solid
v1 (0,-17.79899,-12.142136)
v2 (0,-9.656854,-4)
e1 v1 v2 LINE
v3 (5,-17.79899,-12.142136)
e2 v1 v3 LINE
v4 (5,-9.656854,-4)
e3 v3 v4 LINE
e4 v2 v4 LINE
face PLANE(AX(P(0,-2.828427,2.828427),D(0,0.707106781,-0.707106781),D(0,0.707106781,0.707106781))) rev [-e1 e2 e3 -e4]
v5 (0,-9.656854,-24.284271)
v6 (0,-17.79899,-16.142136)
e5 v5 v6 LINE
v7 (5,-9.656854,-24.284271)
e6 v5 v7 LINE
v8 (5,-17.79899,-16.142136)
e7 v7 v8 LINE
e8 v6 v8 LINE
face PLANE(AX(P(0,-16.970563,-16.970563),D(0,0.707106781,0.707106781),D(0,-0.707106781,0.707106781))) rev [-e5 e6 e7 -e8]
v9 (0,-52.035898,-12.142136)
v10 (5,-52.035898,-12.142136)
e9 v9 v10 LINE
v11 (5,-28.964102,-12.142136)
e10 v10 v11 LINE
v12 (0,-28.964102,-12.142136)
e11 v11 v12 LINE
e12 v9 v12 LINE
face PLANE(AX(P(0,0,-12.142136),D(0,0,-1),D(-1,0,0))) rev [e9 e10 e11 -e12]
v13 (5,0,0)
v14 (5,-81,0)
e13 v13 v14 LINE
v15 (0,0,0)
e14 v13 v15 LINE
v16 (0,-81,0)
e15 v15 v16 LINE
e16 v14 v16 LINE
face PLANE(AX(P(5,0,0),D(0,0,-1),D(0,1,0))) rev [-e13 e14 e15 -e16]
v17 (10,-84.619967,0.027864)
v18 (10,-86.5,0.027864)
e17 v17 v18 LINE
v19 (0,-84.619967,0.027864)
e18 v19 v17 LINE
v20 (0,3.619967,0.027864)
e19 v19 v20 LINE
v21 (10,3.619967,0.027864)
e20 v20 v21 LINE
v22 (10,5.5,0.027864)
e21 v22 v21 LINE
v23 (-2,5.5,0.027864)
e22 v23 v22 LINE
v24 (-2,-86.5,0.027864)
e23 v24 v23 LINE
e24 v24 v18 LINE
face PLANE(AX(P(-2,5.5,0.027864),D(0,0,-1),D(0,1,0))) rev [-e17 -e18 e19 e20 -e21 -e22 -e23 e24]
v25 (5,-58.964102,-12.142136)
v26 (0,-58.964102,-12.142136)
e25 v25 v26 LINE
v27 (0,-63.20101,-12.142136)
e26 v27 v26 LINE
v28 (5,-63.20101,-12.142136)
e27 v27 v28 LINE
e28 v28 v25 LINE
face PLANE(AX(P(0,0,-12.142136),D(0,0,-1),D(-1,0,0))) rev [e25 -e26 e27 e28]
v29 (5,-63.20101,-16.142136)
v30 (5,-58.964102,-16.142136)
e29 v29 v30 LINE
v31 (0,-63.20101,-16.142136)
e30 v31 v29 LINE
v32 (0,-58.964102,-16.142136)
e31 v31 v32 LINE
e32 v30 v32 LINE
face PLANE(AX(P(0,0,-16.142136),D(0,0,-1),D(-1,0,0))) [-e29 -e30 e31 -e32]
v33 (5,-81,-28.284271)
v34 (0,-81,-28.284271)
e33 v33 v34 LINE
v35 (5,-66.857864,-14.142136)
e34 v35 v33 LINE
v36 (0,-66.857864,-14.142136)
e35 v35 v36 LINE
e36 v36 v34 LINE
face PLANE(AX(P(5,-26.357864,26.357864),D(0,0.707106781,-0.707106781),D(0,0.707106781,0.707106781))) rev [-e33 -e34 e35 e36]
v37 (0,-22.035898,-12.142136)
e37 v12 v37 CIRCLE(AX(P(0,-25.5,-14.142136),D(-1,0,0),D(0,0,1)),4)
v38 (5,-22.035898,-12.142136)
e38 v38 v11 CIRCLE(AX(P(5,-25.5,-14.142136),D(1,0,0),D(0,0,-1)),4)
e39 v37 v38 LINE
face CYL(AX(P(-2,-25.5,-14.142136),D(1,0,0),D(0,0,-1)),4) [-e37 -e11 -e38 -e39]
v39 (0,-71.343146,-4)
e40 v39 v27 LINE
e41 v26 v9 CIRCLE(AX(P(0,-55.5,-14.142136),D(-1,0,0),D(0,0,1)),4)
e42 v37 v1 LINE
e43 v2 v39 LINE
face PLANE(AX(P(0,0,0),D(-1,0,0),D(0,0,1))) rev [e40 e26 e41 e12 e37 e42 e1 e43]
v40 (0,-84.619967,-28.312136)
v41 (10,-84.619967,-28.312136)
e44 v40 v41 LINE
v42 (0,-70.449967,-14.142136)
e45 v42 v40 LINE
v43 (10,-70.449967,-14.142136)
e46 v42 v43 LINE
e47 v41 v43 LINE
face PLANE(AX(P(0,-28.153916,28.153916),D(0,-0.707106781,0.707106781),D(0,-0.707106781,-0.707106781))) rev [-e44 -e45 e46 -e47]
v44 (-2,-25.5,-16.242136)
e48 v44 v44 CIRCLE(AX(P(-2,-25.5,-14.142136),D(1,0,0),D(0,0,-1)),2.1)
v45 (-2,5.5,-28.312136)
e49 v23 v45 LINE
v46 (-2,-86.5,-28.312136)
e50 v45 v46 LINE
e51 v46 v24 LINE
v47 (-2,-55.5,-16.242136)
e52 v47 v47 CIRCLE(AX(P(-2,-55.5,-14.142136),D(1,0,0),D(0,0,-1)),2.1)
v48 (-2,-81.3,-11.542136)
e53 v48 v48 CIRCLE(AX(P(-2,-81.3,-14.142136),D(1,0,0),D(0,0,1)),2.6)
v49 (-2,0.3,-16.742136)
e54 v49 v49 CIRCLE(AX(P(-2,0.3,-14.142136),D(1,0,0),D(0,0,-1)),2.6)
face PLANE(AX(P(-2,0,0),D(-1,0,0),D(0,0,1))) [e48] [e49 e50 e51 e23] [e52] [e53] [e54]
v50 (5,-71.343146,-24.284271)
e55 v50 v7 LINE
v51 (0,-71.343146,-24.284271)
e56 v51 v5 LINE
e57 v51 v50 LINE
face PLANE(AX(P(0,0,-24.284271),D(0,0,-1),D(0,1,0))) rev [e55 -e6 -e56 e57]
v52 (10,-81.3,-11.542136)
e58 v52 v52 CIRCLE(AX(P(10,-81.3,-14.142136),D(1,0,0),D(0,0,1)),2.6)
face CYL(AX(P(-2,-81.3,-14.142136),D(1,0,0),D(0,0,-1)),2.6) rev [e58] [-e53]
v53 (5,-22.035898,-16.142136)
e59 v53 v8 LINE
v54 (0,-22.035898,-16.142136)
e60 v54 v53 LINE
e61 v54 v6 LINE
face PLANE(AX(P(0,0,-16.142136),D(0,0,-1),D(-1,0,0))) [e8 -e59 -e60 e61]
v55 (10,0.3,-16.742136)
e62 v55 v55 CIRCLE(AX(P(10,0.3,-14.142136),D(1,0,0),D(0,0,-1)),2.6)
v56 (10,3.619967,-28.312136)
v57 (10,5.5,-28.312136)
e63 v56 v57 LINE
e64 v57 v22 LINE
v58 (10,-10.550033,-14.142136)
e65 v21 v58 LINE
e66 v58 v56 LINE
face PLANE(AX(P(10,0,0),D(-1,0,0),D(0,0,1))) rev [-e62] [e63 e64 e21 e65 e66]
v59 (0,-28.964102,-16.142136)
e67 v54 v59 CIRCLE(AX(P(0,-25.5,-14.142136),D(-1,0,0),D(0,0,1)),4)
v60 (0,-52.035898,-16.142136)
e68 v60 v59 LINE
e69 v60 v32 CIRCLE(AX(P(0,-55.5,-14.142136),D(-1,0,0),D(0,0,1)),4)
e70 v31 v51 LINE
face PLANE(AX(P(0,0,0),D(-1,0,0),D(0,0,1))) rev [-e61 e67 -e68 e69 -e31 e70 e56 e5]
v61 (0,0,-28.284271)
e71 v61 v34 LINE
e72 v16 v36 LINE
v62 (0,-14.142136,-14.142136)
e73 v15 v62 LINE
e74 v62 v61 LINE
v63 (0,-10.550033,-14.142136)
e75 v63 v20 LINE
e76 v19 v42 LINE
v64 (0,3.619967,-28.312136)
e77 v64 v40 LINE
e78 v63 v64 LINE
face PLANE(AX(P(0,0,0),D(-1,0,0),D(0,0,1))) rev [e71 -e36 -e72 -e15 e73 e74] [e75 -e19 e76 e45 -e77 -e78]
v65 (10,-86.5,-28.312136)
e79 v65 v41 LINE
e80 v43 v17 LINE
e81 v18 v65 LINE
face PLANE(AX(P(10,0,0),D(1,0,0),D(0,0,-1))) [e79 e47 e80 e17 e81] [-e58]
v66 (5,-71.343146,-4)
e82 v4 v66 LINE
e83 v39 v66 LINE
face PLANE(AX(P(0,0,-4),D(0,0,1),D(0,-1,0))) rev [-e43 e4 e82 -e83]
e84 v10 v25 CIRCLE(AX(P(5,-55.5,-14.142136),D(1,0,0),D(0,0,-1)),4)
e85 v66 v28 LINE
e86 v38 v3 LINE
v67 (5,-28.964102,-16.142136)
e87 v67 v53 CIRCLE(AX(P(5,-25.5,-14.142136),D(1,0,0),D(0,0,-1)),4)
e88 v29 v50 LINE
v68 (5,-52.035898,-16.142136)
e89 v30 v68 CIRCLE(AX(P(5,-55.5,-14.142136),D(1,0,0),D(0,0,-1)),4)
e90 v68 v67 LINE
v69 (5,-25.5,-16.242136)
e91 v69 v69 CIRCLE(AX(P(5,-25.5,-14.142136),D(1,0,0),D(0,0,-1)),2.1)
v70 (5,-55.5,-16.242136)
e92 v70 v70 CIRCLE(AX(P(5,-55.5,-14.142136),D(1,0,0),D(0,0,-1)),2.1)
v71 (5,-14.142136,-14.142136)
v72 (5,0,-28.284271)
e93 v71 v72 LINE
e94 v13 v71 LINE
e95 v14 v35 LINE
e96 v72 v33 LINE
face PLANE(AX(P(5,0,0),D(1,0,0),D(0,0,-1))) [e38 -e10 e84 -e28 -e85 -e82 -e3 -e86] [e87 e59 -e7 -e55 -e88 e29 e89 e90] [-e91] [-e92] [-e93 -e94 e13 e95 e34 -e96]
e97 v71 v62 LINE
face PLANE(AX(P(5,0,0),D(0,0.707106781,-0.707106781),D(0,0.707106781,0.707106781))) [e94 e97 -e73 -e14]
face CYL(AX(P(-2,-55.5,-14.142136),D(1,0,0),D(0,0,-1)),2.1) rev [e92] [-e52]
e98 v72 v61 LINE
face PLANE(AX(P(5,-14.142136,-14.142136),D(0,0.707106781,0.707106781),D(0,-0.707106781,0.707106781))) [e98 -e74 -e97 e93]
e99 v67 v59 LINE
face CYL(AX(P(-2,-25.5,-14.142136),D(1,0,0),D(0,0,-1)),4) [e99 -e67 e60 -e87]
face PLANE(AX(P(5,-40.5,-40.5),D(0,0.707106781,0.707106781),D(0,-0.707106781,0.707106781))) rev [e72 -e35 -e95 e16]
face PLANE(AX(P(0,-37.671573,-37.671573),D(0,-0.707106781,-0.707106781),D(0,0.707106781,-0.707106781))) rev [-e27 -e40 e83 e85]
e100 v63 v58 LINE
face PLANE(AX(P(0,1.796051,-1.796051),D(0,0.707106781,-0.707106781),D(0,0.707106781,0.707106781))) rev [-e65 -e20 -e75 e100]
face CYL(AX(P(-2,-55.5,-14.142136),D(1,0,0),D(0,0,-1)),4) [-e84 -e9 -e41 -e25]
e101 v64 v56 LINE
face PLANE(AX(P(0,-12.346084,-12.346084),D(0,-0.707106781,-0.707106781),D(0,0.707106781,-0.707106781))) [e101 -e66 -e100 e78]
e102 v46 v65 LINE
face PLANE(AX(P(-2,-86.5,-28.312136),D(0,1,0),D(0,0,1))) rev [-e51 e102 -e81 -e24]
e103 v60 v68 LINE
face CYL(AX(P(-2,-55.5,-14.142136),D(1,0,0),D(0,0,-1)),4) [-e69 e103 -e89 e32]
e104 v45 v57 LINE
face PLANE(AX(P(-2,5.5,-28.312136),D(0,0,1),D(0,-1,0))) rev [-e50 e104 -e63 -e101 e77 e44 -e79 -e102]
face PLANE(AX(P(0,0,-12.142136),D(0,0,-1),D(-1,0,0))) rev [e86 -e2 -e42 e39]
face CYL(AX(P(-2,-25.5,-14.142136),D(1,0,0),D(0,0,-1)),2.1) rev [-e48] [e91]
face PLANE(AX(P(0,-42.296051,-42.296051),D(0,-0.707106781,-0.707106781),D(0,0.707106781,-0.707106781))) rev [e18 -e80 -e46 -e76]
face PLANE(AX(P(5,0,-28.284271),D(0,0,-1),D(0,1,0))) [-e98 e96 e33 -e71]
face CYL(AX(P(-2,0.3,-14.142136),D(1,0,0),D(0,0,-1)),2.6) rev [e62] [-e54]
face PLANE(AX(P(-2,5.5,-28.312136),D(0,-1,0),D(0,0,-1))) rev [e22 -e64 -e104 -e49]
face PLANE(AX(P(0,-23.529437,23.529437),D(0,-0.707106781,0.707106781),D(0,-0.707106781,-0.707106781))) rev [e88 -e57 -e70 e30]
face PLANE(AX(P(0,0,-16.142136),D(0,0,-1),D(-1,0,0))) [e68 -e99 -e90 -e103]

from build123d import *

# Parameters (mm, degrees)
BOSS_EXTRUDE1_DEPTH   = 5
CUT_EXTRUDE1_DEPTH    = 86.941840799
BOSS_EXTRUDE6_DEPTH   = 5
BOSS_EXTRUDE6_2_DEPTH = 5
SKETCH4_W             = 28.34
SKETCH4_H             = 92
BOSS_EXTRUDE7_DEPTH   = 2
SKETCH5_R             = 2.6
CUT_EXTRUDE2_DEPTH    = 92.284319703
BOSS_EXTRUDE8_REACH   = 93.284
SKETCH6_R             = 4
SKETCH7_R             = 2.1
CUT_EXTRUDE4_DEPTH    = 92.284319703
BOSS_EXTRUDE9_START   = 5
SKETCH8_R             = 2.6
BOSS_EXTRUDE9_DEPTH   = 5


with BuildPart() as part:
    # Sketch1 → Boss-Extrude1 (new body)
    with BuildSketch(Plane(origin=(0, 0, 0), x_dir=(0, 0, -1), z_dir=(1, 0, 0))):
        Polygon((0, 0), (0, -81), (14.142135624, -66.857864376), (28.284271247, -81), (28.284271247, 0), (14.142135624, -14.142135624), align=None)
    extrude(amount=BOSS_EXTRUDE1_DEPTH)

    # Sketch2 → Cut-Extrude1 (cut, through all)
    with BuildSketch(Plane(origin=(5, 0, 0), x_dir=(0, 0, -1), z_dir=(1, 0, 0))):
        Polygon((4, -71.343145751), (12.142135624, -63.201010127), (12.142135624, -17.798989873), (4, -9.656854249), align=None)
        Polygon((16.142135624, -17.798989873), (16.142135624, -63.201010127), (24.284271247, -71.343145751), (24.284271247, -9.656854249), align=None)
    extrude(amount=-CUT_EXTRUDE1_DEPTH, mode=Mode.SUBTRACT)



with BuildPart() as body_2:
    # Sketch3 → Boss-Extrude6 (new body)
    with BuildSketch(Plane(origin=(5, 0, 0), x_dir=(0, 0, -1), z_dir=(1, 0, 0))):
        Polygon((-0.027864376, 3.619966825), (1.796051224, 1.796051224), (14.142135624, -10.550033175), (26.488220023, 1.796051224), (28.312135624, 3.619966825), (28.312135624, 5.5), (-0.027864376, 5.5), align=None)
    extrude(amount=-BOSS_EXTRUDE6_DEPTH)


with BuildPart() as body_3:
    # Sketch3 → Boss-Extrude6 2 (new body)
    with BuildSketch(Plane(origin=(5, 0, 0), x_dir=(0, 0, -1), z_dir=(1, 0, 0))):
        Polygon((14.142135624, -70.449966825), (1.796051224, -82.796051224), (-0.027864376, -84.619966825), (-0.027864376, -86.5), (28.312135624, -86.5), (28.312135624, -84.619966825), (26.488220023, -82.796051224), align=None)
    extrude(amount=-BOSS_EXTRUDE6_2_DEPTH)


with BuildPart() as part_1:
    add(part.part)

    add(body_2.part)  # Boss-Extrude7 merges body 2

    add(body_3.part)  # Boss-Extrude7 merges body 3
    # Sketch4 → Boss-Extrude7 (add)
    with BuildSketch(Plane.ZY):
        with Locations((-14.142135624, -40.5)):
            Rectangle(SKETCH4_W, SKETCH4_H)
    extrude(amount=BOSS_EXTRUDE7_DEPTH)

    # Sketch5 → Cut-Extrude2 (cut, through all)
    with BuildSketch(Plane(origin=(5, 0, 0), x_dir=(0, 0, -1), z_dir=(1, 0, 0))):
        with Locations((14.142135624, 0.3)):
            Circle(SKETCH5_R)
        with Locations(Location((14.142135624, -81.3, 0), (0, 0, 180))):
            Circle(SKETCH5_R)
    extrude(amount=-CUT_EXTRUDE2_DEPTH, mode=Mode.SUBTRACT)

    # Sketch6 → Boss-Extrude8 (add, up to next)
    with BuildSketch(Plane(origin=(5, 0, 0), x_dir=(0, 0, -1), z_dir=(1, 0, 0)), mode=Mode.PRIVATE) as boss_extrude8_sk1:
        with Locations((14.142135624, -55.5)):
            Circle(SKETCH6_R)
    boss_extrude8_tool1 = extrude(boss_extrude8_sk1.sketch, amount=-BOSS_EXTRUDE8_REACH, mode=Mode.PRIVATE) - part_1.part
    # Sketch6 → Boss-Extrude8 (add, up to next)
    with BuildSketch(Plane(origin=(5, 0, 0), x_dir=(0, 0, -1), z_dir=(1, 0, 0)), mode=Mode.PRIVATE) as boss_extrude8_sk2:
        with Locations((14.142135624, -25.5)):
            Circle(SKETCH6_R)
    boss_extrude8_tool2 = extrude(boss_extrude8_sk2.sketch, amount=-BOSS_EXTRUDE8_REACH, mode=Mode.PRIVATE) - part_1.part
    add(boss_extrude8_tool1.solids().sort_by_distance((5, -55.5, -14.142136))[0])
    add(boss_extrude8_tool1.solids().sort_by_distance((5, -55.5, -14.142136))[1])
    add(boss_extrude8_tool2.solids().sort_by_distance((5, -25.5, -14.142136))[0])
    add(boss_extrude8_tool2.solids().sort_by_distance((5, -25.5, -14.142136))[1])

    # Sketch7 → Cut-Extrude4 (cut, through all)
    with BuildSketch(Plane(origin=(5, 0, 0), x_dir=(0, 0, -1), z_dir=(1, 0, 0))):
        with Locations((14.142135624, -25.5)):
            Circle(SKETCH7_R)
        with Locations((14.142135624, -55.5)):
            Circle(SKETCH7_R)
    extrude(amount=-CUT_EXTRUDE4_DEPTH, mode=Mode.SUBTRACT)

    # Sketch8 → Boss-Extrude9 (add)
    # profile 1 of 2: a face of its own
    with BuildSketch(Plane(origin=(5, 0, 0), x_dir=(0, 0, -1), z_dir=(1, 0, 0)).offset(BOSS_EXTRUDE9_START)):
        Polygon((28.312135624, 5.5), (28.312135624, 3.619966825), (14.142135624, -10.550033175), (-0.027864376, 3.619966825), (-0.027864376, 5.5), align=None)
        with Locations((14.142135624, 0.3)):
            Circle(SKETCH8_R, mode=Mode.SUBTRACT)
    # profile 2 of 2: a face of its own
    with BuildSketch(Plane(origin=(5, 0, 0), x_dir=(0, 0, -1), z_dir=(1, 0, 0)).offset(BOSS_EXTRUDE9_START)):
        Polygon((28.312135624, -86.5), (28.312135624, -84.619966825), (14.142135624, -70.449966825), (-0.027864376, -84.619966825), (-0.027864376, -86.5), align=None)
        with Locations(Location((14.142135624, -81.3, 0), (0, 0, 180))):
            Circle(SKETCH8_R, mode=Mode.SUBTRACT)
    extrude(amount=-BOSS_EXTRUDE9_DEPTH)


solid = part_1.part
